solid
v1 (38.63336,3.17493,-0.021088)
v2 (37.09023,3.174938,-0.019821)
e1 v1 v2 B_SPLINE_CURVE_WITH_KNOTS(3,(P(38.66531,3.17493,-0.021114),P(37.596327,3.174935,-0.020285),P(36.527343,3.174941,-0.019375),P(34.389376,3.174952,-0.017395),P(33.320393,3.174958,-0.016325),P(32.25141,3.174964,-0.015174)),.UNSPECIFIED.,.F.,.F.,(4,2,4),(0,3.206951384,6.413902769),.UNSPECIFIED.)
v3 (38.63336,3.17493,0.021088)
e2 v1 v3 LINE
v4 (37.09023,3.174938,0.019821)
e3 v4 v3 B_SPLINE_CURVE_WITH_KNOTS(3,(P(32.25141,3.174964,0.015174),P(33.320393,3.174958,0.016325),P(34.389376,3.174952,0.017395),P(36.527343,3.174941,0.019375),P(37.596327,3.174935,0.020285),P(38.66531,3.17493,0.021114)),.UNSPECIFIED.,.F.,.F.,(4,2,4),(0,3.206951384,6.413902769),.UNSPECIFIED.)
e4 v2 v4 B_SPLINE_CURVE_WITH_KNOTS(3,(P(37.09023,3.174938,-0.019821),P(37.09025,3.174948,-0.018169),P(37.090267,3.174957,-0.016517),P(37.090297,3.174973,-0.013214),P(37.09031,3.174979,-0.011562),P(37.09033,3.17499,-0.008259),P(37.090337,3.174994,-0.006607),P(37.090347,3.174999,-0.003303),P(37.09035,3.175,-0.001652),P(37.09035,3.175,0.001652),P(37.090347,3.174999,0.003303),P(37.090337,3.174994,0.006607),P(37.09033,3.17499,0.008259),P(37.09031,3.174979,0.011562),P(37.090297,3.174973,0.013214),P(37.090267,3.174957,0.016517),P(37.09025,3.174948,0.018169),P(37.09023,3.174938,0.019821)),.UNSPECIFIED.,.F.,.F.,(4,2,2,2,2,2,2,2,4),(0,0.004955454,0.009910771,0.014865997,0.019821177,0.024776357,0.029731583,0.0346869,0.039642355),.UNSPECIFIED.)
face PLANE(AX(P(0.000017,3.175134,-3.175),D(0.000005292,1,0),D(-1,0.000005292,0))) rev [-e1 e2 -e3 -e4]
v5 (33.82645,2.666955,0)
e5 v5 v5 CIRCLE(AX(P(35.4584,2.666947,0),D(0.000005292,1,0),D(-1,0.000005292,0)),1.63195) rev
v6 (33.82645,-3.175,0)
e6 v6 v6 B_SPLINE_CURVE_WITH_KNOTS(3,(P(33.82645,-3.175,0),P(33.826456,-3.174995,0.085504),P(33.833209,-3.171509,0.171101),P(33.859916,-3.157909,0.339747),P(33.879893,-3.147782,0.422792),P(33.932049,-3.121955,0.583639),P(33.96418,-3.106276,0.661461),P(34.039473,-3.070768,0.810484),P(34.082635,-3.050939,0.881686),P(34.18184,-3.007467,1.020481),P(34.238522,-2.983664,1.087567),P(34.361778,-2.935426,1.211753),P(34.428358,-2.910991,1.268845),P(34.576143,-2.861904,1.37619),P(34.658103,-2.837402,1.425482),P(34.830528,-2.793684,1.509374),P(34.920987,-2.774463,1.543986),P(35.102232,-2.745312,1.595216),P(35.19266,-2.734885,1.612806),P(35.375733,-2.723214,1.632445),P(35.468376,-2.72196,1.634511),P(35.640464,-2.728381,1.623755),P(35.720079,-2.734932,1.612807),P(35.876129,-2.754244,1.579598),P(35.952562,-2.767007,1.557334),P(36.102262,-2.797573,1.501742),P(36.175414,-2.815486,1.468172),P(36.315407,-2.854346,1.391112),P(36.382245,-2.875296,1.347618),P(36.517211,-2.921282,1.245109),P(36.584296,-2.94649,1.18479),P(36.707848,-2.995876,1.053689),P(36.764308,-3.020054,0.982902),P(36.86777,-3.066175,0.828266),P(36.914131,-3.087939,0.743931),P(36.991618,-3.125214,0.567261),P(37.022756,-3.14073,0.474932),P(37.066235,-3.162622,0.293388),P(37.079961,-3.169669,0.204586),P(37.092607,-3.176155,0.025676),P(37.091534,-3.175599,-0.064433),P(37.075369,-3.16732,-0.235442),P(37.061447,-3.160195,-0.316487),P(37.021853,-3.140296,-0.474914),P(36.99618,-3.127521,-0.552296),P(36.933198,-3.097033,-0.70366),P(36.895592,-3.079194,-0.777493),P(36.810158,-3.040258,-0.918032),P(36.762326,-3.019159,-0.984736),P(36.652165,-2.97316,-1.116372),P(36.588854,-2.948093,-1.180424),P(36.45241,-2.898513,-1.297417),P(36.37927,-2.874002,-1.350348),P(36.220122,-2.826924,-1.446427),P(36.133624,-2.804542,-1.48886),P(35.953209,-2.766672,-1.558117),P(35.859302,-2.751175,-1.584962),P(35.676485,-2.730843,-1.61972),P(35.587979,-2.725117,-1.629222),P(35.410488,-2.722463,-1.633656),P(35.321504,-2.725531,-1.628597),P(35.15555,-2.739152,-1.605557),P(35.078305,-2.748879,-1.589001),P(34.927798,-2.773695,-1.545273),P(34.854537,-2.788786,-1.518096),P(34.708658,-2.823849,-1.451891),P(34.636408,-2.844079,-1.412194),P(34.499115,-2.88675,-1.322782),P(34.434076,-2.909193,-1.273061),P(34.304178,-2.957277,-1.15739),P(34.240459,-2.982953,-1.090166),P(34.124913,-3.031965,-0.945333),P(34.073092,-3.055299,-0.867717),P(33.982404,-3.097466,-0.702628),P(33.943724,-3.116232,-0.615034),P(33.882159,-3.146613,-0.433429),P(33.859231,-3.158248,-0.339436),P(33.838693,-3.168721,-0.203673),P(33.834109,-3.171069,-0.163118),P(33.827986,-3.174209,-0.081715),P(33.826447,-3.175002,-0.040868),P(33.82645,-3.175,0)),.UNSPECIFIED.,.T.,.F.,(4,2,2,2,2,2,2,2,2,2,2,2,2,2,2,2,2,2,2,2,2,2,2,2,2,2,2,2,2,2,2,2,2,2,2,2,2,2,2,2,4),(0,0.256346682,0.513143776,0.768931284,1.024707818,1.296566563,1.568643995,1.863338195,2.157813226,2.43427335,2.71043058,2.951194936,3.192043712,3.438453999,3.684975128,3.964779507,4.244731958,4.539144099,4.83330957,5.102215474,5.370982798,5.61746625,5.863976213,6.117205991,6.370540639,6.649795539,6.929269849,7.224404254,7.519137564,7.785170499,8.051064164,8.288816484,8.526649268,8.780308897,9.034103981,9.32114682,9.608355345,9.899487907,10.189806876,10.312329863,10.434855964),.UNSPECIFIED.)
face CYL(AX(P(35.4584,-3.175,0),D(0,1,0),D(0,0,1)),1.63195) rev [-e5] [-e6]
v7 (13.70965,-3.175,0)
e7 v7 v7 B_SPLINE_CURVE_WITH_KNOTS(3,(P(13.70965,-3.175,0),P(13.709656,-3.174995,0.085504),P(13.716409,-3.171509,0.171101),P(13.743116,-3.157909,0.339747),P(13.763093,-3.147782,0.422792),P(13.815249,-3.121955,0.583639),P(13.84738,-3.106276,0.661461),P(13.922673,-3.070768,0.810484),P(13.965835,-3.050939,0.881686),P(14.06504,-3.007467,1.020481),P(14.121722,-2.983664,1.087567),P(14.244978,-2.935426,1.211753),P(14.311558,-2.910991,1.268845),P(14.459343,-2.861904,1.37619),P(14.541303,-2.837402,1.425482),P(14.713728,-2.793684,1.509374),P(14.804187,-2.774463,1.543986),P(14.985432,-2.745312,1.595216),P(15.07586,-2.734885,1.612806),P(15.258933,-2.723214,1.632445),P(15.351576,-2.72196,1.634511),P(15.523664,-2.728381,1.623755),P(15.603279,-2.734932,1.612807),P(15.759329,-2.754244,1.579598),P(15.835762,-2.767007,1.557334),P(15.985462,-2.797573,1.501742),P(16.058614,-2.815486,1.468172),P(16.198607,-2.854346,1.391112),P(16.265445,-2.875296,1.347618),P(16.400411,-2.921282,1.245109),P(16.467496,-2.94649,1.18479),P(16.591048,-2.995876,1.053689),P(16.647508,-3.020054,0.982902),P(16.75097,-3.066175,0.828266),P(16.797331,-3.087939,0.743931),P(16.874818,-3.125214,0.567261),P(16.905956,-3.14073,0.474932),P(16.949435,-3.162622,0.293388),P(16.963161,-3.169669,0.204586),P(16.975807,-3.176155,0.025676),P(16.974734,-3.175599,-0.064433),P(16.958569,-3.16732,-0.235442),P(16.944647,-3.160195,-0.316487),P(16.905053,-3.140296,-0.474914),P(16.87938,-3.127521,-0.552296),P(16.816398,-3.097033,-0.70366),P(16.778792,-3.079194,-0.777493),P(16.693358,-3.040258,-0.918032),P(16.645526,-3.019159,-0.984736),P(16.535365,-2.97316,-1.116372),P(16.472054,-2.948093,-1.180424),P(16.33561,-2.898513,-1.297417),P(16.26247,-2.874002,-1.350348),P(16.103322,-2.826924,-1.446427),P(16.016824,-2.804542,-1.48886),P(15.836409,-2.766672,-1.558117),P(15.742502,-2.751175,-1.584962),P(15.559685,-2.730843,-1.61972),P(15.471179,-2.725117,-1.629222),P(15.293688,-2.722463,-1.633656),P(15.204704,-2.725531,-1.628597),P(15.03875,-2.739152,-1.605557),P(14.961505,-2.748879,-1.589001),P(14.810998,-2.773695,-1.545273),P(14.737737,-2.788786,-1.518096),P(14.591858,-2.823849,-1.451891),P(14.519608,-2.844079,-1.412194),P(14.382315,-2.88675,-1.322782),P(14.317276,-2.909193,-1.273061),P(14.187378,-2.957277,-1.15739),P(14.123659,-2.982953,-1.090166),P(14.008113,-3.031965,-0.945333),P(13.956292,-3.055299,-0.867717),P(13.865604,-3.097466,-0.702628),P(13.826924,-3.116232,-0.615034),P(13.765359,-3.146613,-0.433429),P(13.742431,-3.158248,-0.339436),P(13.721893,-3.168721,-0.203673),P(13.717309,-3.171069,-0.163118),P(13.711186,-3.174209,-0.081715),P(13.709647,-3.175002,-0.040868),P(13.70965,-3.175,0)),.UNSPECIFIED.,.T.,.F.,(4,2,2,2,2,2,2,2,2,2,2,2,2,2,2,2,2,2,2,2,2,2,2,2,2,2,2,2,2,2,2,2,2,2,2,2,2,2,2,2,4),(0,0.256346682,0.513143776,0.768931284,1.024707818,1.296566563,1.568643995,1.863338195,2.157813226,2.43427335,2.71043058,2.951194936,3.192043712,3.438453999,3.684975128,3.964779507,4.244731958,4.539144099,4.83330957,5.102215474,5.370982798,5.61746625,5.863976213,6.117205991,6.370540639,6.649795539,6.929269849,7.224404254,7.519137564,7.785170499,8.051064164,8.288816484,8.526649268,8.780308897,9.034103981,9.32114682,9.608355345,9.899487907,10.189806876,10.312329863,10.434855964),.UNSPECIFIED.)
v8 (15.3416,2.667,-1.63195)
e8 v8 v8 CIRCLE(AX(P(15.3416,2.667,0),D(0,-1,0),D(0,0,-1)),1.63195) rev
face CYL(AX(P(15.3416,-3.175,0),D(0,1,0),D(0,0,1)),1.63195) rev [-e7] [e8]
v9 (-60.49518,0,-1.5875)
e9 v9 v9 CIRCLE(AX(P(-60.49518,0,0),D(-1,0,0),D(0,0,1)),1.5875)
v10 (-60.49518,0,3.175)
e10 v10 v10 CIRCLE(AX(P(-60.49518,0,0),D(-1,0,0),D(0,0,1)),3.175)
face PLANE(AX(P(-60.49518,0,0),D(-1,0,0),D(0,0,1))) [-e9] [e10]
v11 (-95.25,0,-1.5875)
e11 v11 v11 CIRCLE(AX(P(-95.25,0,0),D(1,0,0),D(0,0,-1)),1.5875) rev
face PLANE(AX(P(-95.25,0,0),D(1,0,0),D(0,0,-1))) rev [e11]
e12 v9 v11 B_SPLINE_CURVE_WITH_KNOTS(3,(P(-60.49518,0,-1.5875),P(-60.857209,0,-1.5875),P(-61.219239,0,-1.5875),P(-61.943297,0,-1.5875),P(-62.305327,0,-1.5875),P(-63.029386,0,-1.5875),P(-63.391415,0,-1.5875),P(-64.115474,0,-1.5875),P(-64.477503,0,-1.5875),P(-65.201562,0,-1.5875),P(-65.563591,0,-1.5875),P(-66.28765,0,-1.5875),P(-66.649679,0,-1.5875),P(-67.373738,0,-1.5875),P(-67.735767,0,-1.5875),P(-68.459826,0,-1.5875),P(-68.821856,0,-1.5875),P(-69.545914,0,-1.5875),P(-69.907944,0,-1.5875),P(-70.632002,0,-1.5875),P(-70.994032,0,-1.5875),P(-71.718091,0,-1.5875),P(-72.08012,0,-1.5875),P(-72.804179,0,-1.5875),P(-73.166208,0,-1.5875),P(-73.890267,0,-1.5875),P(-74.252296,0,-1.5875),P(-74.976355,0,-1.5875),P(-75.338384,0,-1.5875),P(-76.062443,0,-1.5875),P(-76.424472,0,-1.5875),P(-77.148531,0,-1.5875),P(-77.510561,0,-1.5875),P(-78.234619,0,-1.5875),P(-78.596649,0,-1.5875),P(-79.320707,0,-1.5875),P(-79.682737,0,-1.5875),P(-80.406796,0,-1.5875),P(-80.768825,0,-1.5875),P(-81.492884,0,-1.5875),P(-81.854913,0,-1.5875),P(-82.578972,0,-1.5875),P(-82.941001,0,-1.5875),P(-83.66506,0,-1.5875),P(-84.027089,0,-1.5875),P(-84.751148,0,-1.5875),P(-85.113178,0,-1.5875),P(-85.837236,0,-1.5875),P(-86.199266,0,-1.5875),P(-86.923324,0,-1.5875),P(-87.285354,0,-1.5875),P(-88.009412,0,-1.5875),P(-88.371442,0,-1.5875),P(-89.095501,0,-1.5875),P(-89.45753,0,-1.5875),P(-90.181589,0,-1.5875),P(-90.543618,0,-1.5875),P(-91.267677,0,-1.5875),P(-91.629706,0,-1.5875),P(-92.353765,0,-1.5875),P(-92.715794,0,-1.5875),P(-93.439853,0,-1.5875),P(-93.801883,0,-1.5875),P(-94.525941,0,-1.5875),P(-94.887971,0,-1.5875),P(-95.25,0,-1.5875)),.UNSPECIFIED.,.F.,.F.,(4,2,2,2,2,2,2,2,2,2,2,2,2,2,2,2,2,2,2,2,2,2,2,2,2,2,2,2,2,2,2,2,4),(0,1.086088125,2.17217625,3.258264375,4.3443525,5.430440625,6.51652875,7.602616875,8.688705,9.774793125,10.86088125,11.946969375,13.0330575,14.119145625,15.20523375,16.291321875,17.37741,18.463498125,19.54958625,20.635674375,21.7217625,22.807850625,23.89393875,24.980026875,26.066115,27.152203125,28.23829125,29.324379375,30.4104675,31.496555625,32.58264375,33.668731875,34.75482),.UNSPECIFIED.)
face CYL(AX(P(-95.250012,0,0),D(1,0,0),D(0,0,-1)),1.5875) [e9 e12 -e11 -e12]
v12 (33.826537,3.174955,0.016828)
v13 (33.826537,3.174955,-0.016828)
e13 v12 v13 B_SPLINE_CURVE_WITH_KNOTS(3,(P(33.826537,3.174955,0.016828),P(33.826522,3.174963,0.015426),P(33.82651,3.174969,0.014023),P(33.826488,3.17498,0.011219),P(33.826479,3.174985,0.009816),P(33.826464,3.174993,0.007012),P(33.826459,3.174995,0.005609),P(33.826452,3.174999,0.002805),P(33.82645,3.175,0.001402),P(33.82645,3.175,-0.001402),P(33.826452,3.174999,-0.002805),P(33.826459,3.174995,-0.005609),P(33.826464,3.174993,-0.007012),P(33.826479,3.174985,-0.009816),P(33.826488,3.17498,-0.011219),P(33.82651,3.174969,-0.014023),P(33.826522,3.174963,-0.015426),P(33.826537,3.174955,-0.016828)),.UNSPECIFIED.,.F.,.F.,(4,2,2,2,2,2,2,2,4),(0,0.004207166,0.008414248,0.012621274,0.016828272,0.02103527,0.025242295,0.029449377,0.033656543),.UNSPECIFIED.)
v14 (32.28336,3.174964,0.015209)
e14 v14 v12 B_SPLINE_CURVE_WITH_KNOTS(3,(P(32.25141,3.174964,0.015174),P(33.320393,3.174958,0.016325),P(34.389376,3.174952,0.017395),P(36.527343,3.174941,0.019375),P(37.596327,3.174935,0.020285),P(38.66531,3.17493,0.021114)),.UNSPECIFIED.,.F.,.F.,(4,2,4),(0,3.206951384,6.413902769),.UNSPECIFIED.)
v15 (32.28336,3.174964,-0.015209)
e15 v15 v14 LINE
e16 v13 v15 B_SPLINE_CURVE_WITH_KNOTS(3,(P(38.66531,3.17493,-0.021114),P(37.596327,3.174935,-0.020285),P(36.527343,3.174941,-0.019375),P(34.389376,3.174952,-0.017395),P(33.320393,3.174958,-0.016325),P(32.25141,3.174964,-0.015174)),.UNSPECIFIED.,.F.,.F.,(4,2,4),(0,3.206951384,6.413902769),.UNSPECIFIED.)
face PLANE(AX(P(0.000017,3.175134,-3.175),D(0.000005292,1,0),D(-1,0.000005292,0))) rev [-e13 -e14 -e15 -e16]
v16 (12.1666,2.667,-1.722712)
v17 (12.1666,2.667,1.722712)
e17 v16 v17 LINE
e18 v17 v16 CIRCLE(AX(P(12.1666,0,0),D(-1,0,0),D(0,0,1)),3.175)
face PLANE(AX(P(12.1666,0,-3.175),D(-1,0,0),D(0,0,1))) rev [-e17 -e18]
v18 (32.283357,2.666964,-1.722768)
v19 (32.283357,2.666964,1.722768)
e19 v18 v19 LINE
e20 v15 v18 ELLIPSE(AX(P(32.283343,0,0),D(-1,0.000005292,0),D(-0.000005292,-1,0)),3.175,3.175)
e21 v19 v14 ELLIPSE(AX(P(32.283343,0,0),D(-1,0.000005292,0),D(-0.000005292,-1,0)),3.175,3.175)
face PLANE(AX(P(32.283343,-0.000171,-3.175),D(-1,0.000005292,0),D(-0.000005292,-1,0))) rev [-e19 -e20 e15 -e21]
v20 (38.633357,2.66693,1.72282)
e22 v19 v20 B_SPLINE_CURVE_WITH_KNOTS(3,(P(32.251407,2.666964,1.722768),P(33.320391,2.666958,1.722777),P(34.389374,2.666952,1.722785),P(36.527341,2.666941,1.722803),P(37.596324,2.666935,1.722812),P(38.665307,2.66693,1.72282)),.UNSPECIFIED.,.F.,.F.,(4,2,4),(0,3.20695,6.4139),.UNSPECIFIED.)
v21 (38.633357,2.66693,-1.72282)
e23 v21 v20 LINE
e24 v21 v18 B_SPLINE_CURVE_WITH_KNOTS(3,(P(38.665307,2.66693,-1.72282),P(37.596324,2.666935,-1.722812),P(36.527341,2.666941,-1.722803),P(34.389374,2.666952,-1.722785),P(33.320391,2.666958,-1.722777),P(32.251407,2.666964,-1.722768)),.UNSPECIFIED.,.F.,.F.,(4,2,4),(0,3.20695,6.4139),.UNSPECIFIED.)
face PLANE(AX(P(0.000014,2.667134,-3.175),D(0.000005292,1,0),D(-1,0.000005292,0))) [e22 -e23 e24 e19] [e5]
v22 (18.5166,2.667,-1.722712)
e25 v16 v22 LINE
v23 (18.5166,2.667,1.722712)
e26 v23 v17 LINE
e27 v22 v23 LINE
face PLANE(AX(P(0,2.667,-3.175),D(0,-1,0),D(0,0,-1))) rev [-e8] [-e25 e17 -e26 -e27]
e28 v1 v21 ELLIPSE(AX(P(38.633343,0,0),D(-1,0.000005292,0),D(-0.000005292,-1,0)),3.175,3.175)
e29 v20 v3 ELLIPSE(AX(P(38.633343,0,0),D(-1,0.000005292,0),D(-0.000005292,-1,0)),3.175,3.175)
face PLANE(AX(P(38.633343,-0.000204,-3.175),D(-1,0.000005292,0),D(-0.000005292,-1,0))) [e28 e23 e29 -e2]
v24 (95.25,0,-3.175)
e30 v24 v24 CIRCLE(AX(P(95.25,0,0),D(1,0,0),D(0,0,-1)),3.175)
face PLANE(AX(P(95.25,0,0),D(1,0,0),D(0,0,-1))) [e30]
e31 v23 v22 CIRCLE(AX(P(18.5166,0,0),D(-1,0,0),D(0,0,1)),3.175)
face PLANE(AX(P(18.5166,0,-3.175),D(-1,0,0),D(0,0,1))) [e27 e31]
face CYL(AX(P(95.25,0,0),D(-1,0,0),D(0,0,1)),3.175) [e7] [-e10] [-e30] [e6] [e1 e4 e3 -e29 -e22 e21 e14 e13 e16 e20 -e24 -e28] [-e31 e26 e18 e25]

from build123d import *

# Parameters (mm, degrees)
SKETCH2_R                        = 3.175
MAIN_SHAFT_DEPTH                 = 95.25
PIN_HOLES_CUT_DEPTH              = 96.355774602
PIN_HOLES_CUT_DEPTH_BACK         = 96.355774602
SKETCH3_R                        = 1.63195
FLAT_FOR_DRILLING_CUT_DEPTH      = 96.355774709
FLAT_FOR_DRILLING_CUT_DEPTH_BACK = 96.355774709
SKETCH5_W                        = 6.35
SKETCH5_H                        = 0.508
F_1_8_CUT_DEPTH                  = 191.552909422
F_1_8_CUT_DEPTH_BACK             = 34.75482
SKETCH6_R                        = 3.175
SKETCH6_R_2                      = 1.5875


with BuildPart() as part:
    # Sketch2 → Main Shaft (new, symmetric)
    with BuildSketch(Plane(origin=(0, 0, 0), x_dir=(0, 0, -1), z_dir=(1, 0, 0))):
        Circle(SKETCH2_R)
    extrude(amount=MAIN_SHAFT_DEPTH, both=True)

    # Sketch3 → Pin Holes Cut (cut, two sides: drawn at the far end of the back side and taken through both)
    with BuildSketch(Plane(origin=(0, 0, 0), x_dir=(1, 0, 0), z_dir=(0, 1, 0)).offset(-PIN_HOLES_CUT_DEPTH_BACK)):
        with Locations(Location((15.3416, 0, 0), (0, 0, 270))):
            Circle(SKETCH3_R)
        with Locations(Location((35.4584, 0, 0), (0, 0, 270))):
            Circle(SKETCH3_R)
    extrude(amount=PIN_HOLES_CUT_DEPTH + PIN_HOLES_CUT_DEPTH_BACK, mode=Mode.SUBTRACT)

    # Sketch5 → Flat for drilling Cut (cut, two sides: drawn at the far end of the back side and taken through both)
    with BuildSketch(Plane.XY.offset(-FLAT_FOR_DRILLING_CUT_DEPTH_BACK)):
        with Locations((15.3416, 2.921)):
            Rectangle(SKETCH5_W, SKETCH5_H)
        Polygon((38.633357307, 2.666929966), (32.283357307, 2.666963572), (32.283359996, 3.174963572), (38.633359996, 3.174929966), align=None)
    extrude(amount=FLAT_FOR_DRILLING_CUT_DEPTH + FLAT_FOR_DRILLING_CUT_DEPTH_BACK, mode=Mode.SUBTRACT)

    # Sketch6 → 1/8 Cut (cut, two sides: drawn at the far end of the back side and taken through both)
    with BuildSketch(Plane.ZY.offset(95.25).offset(-F_1_8_CUT_DEPTH_BACK)):
        Circle(SKETCH6_R)
        with Locations(Location((0, 0, 0), (0, 0, 180))):
            Circle(SKETCH6_R_2, mode=Mode.SUBTRACT)
    extrude(amount=F_1_8_CUT_DEPTH + F_1_8_CUT_DEPTH_BACK, mode=Mode.SUBTRACT)


solid = part.part
